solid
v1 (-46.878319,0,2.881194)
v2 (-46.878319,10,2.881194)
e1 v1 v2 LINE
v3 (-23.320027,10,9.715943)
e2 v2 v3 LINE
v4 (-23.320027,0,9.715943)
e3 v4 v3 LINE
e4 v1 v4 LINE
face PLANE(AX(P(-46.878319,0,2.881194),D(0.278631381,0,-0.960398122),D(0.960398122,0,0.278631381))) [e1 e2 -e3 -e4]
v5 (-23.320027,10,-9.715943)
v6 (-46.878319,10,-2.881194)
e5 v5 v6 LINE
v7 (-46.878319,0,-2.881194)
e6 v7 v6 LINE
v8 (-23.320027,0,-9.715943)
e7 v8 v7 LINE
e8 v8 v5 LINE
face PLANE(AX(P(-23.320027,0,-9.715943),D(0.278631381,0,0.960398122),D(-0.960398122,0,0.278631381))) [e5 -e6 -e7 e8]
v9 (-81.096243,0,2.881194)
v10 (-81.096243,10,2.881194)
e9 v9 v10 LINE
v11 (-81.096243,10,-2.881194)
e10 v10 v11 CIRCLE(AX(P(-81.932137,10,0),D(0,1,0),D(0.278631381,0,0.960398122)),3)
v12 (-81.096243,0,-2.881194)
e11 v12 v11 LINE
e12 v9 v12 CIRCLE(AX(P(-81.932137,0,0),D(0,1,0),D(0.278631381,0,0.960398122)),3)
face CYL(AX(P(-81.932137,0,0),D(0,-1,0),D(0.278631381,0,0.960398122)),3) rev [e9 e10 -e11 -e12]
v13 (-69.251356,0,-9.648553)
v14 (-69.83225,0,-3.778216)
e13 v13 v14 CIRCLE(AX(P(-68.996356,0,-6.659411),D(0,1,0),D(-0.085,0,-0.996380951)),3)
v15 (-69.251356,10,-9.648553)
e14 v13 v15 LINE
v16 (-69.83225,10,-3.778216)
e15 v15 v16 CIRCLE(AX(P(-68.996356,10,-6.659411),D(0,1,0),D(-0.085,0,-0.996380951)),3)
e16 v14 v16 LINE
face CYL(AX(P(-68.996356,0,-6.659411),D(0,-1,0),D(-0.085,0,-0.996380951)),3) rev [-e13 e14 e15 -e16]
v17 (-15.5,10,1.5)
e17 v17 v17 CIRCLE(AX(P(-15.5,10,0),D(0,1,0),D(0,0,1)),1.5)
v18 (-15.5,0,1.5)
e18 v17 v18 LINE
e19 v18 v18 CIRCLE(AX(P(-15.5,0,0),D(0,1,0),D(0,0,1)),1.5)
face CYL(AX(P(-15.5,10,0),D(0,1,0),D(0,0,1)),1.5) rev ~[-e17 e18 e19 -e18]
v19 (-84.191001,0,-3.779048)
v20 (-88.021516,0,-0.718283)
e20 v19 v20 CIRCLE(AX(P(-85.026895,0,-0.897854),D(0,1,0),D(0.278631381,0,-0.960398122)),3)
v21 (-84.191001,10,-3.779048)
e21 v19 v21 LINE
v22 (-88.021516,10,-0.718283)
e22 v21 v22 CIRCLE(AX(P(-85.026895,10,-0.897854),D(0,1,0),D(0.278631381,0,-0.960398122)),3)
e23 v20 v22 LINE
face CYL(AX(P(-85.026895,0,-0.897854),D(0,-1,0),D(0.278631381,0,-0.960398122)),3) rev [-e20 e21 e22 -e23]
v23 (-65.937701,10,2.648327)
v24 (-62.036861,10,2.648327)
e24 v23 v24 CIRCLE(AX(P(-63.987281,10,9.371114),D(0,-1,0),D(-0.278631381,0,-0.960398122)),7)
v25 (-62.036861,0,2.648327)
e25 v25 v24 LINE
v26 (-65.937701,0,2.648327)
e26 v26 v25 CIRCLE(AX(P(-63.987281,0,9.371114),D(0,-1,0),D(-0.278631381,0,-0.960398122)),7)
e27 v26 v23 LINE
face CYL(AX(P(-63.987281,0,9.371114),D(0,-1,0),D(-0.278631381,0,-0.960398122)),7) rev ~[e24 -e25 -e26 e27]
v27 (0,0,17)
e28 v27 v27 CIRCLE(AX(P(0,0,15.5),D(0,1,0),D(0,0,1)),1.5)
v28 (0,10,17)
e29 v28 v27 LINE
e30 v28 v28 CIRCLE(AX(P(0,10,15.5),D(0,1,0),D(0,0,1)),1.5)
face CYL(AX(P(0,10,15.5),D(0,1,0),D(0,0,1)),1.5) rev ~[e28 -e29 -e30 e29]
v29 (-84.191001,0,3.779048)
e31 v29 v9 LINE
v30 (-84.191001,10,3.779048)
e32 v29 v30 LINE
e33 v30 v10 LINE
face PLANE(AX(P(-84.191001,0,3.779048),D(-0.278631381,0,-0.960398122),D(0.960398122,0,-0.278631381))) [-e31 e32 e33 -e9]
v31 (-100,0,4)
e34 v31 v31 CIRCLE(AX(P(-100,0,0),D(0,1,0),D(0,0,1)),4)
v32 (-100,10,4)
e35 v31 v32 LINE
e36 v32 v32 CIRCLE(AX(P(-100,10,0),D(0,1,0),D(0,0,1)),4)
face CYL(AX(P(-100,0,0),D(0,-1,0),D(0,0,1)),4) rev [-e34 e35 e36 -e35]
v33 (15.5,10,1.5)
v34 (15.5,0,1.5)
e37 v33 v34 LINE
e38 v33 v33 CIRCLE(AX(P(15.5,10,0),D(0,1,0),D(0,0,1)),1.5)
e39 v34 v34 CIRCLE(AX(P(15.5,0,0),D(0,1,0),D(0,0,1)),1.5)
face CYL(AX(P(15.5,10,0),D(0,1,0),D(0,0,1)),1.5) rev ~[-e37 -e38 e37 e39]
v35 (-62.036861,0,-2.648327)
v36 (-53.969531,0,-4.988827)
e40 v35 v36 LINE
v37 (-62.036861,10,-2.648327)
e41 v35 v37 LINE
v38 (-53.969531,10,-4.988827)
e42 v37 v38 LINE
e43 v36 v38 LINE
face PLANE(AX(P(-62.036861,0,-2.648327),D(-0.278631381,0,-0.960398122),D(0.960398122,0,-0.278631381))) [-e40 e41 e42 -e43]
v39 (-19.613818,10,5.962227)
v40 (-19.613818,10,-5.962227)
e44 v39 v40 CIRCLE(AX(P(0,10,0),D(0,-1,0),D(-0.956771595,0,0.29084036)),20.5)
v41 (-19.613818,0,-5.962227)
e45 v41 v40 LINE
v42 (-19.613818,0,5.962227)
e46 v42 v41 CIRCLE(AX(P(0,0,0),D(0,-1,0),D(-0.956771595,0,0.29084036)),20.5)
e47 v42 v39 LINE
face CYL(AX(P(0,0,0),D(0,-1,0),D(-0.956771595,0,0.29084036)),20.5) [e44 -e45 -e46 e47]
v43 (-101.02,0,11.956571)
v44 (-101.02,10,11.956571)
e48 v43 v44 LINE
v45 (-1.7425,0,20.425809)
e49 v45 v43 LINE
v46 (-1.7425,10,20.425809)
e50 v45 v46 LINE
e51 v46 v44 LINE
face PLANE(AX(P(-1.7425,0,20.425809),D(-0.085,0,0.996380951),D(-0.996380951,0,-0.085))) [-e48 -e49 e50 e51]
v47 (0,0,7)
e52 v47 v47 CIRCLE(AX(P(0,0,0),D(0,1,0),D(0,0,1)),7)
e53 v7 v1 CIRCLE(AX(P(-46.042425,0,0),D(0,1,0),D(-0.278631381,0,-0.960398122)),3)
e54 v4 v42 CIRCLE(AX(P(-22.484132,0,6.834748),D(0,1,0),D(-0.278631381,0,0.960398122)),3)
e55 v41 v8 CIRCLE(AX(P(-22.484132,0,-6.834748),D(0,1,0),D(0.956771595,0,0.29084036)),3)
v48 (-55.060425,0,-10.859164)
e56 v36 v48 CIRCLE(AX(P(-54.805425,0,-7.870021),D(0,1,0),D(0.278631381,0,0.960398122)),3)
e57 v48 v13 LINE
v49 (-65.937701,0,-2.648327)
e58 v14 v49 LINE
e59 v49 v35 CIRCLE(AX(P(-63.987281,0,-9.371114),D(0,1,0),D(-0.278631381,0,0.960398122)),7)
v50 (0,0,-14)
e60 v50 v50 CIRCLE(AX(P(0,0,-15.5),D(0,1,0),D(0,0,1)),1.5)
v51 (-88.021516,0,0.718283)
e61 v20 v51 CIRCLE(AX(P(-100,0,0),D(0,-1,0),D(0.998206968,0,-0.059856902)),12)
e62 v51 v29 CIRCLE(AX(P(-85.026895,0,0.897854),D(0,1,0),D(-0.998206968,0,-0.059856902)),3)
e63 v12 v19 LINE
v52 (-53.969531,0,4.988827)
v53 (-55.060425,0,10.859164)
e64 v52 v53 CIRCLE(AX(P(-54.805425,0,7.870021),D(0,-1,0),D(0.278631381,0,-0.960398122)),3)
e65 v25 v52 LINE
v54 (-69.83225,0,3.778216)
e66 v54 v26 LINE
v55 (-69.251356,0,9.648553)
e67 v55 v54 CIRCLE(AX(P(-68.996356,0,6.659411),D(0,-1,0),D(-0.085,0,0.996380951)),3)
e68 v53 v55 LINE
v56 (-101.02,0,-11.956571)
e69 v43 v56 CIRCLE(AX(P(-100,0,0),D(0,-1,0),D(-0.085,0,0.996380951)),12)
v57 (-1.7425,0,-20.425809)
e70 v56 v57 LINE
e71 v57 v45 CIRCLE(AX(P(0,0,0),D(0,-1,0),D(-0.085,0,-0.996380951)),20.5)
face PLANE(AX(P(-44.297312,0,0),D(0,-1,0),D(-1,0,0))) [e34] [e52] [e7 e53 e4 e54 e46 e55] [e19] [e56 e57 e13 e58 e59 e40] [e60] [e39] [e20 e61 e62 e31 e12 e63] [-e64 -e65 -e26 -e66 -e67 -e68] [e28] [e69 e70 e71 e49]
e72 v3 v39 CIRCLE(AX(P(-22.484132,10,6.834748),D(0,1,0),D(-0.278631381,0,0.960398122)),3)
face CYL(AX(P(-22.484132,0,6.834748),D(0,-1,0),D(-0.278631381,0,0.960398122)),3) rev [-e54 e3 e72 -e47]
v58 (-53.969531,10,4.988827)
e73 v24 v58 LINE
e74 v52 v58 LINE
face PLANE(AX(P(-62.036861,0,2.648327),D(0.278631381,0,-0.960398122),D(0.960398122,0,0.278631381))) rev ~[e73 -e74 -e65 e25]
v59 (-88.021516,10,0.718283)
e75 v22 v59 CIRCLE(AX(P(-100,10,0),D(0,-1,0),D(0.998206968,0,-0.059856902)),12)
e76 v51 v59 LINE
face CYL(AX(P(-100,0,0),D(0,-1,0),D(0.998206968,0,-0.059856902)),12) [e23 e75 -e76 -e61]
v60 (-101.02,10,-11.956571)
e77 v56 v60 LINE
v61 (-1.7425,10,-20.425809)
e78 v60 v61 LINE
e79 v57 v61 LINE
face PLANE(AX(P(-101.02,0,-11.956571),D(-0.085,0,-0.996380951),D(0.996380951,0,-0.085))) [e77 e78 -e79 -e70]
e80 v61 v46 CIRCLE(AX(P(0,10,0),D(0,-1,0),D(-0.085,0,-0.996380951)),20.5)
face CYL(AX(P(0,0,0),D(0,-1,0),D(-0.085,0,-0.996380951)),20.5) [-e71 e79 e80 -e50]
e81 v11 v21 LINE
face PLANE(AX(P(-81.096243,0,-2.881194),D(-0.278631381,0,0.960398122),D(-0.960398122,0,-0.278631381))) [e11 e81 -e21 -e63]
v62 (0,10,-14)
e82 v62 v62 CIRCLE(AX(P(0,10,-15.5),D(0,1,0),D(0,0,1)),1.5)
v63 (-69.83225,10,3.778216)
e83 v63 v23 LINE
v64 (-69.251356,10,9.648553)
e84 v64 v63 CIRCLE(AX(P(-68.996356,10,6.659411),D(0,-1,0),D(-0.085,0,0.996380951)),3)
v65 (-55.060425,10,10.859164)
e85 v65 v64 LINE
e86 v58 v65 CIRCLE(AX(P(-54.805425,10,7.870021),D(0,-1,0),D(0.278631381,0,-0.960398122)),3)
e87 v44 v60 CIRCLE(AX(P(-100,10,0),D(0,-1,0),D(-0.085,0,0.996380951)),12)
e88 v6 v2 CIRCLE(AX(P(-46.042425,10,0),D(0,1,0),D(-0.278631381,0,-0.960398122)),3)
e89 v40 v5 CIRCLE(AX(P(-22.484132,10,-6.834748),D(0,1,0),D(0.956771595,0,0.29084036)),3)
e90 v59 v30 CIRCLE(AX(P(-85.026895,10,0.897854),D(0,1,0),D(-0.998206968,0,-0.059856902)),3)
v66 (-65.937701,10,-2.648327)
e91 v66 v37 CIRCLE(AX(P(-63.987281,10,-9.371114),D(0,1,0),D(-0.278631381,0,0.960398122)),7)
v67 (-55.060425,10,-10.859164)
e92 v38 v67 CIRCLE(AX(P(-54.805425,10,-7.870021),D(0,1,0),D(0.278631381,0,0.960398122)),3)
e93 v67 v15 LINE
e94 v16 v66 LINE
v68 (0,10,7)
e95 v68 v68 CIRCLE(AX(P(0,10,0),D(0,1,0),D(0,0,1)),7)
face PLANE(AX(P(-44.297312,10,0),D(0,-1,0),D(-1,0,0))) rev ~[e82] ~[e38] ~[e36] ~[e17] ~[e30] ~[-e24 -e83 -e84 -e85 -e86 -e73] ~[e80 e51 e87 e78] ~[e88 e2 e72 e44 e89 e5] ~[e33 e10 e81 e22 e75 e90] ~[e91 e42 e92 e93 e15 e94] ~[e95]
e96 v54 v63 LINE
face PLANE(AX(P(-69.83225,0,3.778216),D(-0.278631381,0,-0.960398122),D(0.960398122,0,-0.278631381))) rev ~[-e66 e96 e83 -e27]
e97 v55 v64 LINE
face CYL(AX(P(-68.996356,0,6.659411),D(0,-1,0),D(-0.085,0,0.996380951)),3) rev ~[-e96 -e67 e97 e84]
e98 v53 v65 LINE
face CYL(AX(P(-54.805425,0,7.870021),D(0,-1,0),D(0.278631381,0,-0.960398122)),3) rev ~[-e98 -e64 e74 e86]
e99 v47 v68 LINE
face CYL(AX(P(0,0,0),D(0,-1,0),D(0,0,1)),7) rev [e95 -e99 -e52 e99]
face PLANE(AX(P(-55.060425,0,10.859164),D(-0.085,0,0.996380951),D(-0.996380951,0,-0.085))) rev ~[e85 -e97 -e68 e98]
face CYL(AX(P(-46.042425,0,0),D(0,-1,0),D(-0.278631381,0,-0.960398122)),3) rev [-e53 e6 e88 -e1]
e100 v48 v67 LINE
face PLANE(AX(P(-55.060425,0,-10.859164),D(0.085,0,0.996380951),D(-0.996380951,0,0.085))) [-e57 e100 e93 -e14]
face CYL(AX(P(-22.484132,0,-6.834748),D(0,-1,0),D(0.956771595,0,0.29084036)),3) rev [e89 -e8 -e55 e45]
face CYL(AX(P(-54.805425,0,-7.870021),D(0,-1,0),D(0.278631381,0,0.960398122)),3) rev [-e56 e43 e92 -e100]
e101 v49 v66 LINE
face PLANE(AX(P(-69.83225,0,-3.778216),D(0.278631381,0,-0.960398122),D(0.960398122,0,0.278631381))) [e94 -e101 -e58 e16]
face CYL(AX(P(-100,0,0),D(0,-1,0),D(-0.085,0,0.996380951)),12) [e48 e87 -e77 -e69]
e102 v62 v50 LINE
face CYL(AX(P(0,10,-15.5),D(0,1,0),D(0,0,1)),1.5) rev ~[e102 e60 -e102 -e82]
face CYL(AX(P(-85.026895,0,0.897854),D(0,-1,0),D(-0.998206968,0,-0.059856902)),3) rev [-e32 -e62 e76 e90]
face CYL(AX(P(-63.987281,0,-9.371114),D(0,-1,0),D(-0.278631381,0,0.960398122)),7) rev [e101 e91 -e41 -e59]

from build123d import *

# Parameters (mm, degrees)
SKETCH1_R           = 7
SKETCH1_R_2         = 4
BOSS_EXTRUDE1_DEPTH = 10
SKETCH2_R           = 1.5
CUT_EXTRUDE1_DEPTH  = 10


with BuildPart() as part:
    # Sketch1 → Boss-Extrude1 (new body)
    with BuildSketch(Plane(origin=(0, 0, 0), x_dir=(1, 0, 0), z_dir=(0, 1, 0))):
        with BuildLine():
            Line((-1.7425, -20.4258095), (-101.02, -11.956571415))
            ThreePointArc((-101.02, -11.956571415), (-112, 0), (-101.02, 11.956571415))
            Line((-101.02, 11.956571415), (-1.7425, 20.4258095))
            ThreePointArc((-1.7425, 20.4258095), (20.5, 0), (-1.7425, -20.4258095))
        make_face()
        with Locations(Location((0, 0, 0), (0, 0, 270))):
            Circle(SKETCH1_R, mode=Mode.SUBTRACT)
        with Locations(Location((-100, 0, 0), (0, 0, 270))):
            Circle(SKETCH1_R_2, mode=Mode.SUBTRACT)
        with BuildLine():
            Line((-84.191001334, -3.779047898), (-81.096242799, -2.881194367))
            ThreePointArc((-81.096242799, -2.881194367), (-78.932136943, 0), (-81.096242799, 2.881194367))
            Line((-81.096242799, 2.881194367), (-84.191001334, 3.779047898))
            ThreePointArc((-84.191001334, 3.779047898), (-86.899619701, 3.241548046), (-88.021516382, 0.718282824))
            ThreePointArc((-88.021516382, 0.718282824), (-88, 0), (-88.021516382, -0.718282824))
            ThreePointArc((-88.021516382, -0.718282824), (-86.899619701, -3.241548046), (-84.191001334, -3.779047898))
        make_face(mode=Mode.SUBTRACT)
        with BuildLine():
            Line((-69.832249651, -3.778216146), (-65.93770065, -2.648326841))
            ThreePointArc((-65.93770065, -2.648326841), (-63.987280982, -2.371113698), (-62.036861314, -2.648326841))
            Line((-62.036861314, -2.648326841), (-53.969530614, -4.988826518))
            ThreePointArc((-53.969530614, -4.988826518), (-51.855920685, -8.418131938), (-55.060424757, -10.859163739))
            Line((-55.060424757, -10.859163739), (-69.251355507, -9.648553367))
            ThreePointArc((-69.251355507, -9.648553367), (-71.98177462, -6.95483008), (-69.832249651, -3.778216146))
        make_face(mode=Mode.SUBTRACT)
        with BuildLine():
            Line((-46.878319164, -2.881194367), (-23.320026626, -9.715942825))
            ThreePointArc((-23.320026626, -9.715942825), (-20.349346369, -8.942517006), (-19.613817698, -5.962227378))
            ThreePointArc((-19.613817698, -5.962227378), (-20.5, 0), (-19.613817698, 5.962227378))
            ThreePointArc((-19.613817698, 5.962227378), (-20.349346369, 8.942517006), (-23.320026626, 9.715942825))
            Line((-23.320026626, 9.715942825), (-46.878319164, 2.881194367))
            ThreePointArc((-46.878319164, 2.881194367), (-49.042425021, 0), (-46.878319164, -2.881194367))
        make_face(mode=Mode.SUBTRACT)
        with BuildLine():
            Line((-62.036861314, 2.648326841), (-53.969530614, 4.988826518))
            ThreePointArc((-53.969530614, 4.988826518), (-51.855920685, 8.418131938), (-55.060424757, 10.859163739))
            Line((-55.060424757, 10.859163739), (-69.251355507, 9.648553367))
            ThreePointArc((-69.251355507, 9.648553367), (-71.98177462, 6.95483008), (-69.832249651, 3.778216146))
            Line((-69.832249651, 3.778216146), (-65.93770065, 2.648326841))
            ThreePointArc((-65.93770065, 2.648326841), (-63.987280982, 2.371113698), (-62.036861314, 2.648326841))
        make_face(mode=Mode.SUBTRACT)
    extrude(amount=BOSS_EXTRUDE1_DEPTH)

    # Sketch2 → Cut-Extrude1 (cut)
    with BuildSketch(Plane(origin=(0, 10, 0), x_dir=(1, 0, 0), z_dir=(0, 1, 0))):
        with Locations(Location((-15.5, 0, 0), (0, 0, 270))):
            Circle(SKETCH2_R)
        with Locations(Location((0, 15.5, 0), (0, 0, 270))):
            Circle(SKETCH2_R)
        with Locations(Location((15.5, 0, 0), (0, 0, 270))):
            Circle(SKETCH2_R)
        with Locations(Location((0, -15.5, 0), (0, 0, 270))):
            Circle(SKETCH2_R)
    extrude(amount=-CUT_EXTRUDE1_DEPTH, mode=Mode.SUBTRACT)


solid = part.part
